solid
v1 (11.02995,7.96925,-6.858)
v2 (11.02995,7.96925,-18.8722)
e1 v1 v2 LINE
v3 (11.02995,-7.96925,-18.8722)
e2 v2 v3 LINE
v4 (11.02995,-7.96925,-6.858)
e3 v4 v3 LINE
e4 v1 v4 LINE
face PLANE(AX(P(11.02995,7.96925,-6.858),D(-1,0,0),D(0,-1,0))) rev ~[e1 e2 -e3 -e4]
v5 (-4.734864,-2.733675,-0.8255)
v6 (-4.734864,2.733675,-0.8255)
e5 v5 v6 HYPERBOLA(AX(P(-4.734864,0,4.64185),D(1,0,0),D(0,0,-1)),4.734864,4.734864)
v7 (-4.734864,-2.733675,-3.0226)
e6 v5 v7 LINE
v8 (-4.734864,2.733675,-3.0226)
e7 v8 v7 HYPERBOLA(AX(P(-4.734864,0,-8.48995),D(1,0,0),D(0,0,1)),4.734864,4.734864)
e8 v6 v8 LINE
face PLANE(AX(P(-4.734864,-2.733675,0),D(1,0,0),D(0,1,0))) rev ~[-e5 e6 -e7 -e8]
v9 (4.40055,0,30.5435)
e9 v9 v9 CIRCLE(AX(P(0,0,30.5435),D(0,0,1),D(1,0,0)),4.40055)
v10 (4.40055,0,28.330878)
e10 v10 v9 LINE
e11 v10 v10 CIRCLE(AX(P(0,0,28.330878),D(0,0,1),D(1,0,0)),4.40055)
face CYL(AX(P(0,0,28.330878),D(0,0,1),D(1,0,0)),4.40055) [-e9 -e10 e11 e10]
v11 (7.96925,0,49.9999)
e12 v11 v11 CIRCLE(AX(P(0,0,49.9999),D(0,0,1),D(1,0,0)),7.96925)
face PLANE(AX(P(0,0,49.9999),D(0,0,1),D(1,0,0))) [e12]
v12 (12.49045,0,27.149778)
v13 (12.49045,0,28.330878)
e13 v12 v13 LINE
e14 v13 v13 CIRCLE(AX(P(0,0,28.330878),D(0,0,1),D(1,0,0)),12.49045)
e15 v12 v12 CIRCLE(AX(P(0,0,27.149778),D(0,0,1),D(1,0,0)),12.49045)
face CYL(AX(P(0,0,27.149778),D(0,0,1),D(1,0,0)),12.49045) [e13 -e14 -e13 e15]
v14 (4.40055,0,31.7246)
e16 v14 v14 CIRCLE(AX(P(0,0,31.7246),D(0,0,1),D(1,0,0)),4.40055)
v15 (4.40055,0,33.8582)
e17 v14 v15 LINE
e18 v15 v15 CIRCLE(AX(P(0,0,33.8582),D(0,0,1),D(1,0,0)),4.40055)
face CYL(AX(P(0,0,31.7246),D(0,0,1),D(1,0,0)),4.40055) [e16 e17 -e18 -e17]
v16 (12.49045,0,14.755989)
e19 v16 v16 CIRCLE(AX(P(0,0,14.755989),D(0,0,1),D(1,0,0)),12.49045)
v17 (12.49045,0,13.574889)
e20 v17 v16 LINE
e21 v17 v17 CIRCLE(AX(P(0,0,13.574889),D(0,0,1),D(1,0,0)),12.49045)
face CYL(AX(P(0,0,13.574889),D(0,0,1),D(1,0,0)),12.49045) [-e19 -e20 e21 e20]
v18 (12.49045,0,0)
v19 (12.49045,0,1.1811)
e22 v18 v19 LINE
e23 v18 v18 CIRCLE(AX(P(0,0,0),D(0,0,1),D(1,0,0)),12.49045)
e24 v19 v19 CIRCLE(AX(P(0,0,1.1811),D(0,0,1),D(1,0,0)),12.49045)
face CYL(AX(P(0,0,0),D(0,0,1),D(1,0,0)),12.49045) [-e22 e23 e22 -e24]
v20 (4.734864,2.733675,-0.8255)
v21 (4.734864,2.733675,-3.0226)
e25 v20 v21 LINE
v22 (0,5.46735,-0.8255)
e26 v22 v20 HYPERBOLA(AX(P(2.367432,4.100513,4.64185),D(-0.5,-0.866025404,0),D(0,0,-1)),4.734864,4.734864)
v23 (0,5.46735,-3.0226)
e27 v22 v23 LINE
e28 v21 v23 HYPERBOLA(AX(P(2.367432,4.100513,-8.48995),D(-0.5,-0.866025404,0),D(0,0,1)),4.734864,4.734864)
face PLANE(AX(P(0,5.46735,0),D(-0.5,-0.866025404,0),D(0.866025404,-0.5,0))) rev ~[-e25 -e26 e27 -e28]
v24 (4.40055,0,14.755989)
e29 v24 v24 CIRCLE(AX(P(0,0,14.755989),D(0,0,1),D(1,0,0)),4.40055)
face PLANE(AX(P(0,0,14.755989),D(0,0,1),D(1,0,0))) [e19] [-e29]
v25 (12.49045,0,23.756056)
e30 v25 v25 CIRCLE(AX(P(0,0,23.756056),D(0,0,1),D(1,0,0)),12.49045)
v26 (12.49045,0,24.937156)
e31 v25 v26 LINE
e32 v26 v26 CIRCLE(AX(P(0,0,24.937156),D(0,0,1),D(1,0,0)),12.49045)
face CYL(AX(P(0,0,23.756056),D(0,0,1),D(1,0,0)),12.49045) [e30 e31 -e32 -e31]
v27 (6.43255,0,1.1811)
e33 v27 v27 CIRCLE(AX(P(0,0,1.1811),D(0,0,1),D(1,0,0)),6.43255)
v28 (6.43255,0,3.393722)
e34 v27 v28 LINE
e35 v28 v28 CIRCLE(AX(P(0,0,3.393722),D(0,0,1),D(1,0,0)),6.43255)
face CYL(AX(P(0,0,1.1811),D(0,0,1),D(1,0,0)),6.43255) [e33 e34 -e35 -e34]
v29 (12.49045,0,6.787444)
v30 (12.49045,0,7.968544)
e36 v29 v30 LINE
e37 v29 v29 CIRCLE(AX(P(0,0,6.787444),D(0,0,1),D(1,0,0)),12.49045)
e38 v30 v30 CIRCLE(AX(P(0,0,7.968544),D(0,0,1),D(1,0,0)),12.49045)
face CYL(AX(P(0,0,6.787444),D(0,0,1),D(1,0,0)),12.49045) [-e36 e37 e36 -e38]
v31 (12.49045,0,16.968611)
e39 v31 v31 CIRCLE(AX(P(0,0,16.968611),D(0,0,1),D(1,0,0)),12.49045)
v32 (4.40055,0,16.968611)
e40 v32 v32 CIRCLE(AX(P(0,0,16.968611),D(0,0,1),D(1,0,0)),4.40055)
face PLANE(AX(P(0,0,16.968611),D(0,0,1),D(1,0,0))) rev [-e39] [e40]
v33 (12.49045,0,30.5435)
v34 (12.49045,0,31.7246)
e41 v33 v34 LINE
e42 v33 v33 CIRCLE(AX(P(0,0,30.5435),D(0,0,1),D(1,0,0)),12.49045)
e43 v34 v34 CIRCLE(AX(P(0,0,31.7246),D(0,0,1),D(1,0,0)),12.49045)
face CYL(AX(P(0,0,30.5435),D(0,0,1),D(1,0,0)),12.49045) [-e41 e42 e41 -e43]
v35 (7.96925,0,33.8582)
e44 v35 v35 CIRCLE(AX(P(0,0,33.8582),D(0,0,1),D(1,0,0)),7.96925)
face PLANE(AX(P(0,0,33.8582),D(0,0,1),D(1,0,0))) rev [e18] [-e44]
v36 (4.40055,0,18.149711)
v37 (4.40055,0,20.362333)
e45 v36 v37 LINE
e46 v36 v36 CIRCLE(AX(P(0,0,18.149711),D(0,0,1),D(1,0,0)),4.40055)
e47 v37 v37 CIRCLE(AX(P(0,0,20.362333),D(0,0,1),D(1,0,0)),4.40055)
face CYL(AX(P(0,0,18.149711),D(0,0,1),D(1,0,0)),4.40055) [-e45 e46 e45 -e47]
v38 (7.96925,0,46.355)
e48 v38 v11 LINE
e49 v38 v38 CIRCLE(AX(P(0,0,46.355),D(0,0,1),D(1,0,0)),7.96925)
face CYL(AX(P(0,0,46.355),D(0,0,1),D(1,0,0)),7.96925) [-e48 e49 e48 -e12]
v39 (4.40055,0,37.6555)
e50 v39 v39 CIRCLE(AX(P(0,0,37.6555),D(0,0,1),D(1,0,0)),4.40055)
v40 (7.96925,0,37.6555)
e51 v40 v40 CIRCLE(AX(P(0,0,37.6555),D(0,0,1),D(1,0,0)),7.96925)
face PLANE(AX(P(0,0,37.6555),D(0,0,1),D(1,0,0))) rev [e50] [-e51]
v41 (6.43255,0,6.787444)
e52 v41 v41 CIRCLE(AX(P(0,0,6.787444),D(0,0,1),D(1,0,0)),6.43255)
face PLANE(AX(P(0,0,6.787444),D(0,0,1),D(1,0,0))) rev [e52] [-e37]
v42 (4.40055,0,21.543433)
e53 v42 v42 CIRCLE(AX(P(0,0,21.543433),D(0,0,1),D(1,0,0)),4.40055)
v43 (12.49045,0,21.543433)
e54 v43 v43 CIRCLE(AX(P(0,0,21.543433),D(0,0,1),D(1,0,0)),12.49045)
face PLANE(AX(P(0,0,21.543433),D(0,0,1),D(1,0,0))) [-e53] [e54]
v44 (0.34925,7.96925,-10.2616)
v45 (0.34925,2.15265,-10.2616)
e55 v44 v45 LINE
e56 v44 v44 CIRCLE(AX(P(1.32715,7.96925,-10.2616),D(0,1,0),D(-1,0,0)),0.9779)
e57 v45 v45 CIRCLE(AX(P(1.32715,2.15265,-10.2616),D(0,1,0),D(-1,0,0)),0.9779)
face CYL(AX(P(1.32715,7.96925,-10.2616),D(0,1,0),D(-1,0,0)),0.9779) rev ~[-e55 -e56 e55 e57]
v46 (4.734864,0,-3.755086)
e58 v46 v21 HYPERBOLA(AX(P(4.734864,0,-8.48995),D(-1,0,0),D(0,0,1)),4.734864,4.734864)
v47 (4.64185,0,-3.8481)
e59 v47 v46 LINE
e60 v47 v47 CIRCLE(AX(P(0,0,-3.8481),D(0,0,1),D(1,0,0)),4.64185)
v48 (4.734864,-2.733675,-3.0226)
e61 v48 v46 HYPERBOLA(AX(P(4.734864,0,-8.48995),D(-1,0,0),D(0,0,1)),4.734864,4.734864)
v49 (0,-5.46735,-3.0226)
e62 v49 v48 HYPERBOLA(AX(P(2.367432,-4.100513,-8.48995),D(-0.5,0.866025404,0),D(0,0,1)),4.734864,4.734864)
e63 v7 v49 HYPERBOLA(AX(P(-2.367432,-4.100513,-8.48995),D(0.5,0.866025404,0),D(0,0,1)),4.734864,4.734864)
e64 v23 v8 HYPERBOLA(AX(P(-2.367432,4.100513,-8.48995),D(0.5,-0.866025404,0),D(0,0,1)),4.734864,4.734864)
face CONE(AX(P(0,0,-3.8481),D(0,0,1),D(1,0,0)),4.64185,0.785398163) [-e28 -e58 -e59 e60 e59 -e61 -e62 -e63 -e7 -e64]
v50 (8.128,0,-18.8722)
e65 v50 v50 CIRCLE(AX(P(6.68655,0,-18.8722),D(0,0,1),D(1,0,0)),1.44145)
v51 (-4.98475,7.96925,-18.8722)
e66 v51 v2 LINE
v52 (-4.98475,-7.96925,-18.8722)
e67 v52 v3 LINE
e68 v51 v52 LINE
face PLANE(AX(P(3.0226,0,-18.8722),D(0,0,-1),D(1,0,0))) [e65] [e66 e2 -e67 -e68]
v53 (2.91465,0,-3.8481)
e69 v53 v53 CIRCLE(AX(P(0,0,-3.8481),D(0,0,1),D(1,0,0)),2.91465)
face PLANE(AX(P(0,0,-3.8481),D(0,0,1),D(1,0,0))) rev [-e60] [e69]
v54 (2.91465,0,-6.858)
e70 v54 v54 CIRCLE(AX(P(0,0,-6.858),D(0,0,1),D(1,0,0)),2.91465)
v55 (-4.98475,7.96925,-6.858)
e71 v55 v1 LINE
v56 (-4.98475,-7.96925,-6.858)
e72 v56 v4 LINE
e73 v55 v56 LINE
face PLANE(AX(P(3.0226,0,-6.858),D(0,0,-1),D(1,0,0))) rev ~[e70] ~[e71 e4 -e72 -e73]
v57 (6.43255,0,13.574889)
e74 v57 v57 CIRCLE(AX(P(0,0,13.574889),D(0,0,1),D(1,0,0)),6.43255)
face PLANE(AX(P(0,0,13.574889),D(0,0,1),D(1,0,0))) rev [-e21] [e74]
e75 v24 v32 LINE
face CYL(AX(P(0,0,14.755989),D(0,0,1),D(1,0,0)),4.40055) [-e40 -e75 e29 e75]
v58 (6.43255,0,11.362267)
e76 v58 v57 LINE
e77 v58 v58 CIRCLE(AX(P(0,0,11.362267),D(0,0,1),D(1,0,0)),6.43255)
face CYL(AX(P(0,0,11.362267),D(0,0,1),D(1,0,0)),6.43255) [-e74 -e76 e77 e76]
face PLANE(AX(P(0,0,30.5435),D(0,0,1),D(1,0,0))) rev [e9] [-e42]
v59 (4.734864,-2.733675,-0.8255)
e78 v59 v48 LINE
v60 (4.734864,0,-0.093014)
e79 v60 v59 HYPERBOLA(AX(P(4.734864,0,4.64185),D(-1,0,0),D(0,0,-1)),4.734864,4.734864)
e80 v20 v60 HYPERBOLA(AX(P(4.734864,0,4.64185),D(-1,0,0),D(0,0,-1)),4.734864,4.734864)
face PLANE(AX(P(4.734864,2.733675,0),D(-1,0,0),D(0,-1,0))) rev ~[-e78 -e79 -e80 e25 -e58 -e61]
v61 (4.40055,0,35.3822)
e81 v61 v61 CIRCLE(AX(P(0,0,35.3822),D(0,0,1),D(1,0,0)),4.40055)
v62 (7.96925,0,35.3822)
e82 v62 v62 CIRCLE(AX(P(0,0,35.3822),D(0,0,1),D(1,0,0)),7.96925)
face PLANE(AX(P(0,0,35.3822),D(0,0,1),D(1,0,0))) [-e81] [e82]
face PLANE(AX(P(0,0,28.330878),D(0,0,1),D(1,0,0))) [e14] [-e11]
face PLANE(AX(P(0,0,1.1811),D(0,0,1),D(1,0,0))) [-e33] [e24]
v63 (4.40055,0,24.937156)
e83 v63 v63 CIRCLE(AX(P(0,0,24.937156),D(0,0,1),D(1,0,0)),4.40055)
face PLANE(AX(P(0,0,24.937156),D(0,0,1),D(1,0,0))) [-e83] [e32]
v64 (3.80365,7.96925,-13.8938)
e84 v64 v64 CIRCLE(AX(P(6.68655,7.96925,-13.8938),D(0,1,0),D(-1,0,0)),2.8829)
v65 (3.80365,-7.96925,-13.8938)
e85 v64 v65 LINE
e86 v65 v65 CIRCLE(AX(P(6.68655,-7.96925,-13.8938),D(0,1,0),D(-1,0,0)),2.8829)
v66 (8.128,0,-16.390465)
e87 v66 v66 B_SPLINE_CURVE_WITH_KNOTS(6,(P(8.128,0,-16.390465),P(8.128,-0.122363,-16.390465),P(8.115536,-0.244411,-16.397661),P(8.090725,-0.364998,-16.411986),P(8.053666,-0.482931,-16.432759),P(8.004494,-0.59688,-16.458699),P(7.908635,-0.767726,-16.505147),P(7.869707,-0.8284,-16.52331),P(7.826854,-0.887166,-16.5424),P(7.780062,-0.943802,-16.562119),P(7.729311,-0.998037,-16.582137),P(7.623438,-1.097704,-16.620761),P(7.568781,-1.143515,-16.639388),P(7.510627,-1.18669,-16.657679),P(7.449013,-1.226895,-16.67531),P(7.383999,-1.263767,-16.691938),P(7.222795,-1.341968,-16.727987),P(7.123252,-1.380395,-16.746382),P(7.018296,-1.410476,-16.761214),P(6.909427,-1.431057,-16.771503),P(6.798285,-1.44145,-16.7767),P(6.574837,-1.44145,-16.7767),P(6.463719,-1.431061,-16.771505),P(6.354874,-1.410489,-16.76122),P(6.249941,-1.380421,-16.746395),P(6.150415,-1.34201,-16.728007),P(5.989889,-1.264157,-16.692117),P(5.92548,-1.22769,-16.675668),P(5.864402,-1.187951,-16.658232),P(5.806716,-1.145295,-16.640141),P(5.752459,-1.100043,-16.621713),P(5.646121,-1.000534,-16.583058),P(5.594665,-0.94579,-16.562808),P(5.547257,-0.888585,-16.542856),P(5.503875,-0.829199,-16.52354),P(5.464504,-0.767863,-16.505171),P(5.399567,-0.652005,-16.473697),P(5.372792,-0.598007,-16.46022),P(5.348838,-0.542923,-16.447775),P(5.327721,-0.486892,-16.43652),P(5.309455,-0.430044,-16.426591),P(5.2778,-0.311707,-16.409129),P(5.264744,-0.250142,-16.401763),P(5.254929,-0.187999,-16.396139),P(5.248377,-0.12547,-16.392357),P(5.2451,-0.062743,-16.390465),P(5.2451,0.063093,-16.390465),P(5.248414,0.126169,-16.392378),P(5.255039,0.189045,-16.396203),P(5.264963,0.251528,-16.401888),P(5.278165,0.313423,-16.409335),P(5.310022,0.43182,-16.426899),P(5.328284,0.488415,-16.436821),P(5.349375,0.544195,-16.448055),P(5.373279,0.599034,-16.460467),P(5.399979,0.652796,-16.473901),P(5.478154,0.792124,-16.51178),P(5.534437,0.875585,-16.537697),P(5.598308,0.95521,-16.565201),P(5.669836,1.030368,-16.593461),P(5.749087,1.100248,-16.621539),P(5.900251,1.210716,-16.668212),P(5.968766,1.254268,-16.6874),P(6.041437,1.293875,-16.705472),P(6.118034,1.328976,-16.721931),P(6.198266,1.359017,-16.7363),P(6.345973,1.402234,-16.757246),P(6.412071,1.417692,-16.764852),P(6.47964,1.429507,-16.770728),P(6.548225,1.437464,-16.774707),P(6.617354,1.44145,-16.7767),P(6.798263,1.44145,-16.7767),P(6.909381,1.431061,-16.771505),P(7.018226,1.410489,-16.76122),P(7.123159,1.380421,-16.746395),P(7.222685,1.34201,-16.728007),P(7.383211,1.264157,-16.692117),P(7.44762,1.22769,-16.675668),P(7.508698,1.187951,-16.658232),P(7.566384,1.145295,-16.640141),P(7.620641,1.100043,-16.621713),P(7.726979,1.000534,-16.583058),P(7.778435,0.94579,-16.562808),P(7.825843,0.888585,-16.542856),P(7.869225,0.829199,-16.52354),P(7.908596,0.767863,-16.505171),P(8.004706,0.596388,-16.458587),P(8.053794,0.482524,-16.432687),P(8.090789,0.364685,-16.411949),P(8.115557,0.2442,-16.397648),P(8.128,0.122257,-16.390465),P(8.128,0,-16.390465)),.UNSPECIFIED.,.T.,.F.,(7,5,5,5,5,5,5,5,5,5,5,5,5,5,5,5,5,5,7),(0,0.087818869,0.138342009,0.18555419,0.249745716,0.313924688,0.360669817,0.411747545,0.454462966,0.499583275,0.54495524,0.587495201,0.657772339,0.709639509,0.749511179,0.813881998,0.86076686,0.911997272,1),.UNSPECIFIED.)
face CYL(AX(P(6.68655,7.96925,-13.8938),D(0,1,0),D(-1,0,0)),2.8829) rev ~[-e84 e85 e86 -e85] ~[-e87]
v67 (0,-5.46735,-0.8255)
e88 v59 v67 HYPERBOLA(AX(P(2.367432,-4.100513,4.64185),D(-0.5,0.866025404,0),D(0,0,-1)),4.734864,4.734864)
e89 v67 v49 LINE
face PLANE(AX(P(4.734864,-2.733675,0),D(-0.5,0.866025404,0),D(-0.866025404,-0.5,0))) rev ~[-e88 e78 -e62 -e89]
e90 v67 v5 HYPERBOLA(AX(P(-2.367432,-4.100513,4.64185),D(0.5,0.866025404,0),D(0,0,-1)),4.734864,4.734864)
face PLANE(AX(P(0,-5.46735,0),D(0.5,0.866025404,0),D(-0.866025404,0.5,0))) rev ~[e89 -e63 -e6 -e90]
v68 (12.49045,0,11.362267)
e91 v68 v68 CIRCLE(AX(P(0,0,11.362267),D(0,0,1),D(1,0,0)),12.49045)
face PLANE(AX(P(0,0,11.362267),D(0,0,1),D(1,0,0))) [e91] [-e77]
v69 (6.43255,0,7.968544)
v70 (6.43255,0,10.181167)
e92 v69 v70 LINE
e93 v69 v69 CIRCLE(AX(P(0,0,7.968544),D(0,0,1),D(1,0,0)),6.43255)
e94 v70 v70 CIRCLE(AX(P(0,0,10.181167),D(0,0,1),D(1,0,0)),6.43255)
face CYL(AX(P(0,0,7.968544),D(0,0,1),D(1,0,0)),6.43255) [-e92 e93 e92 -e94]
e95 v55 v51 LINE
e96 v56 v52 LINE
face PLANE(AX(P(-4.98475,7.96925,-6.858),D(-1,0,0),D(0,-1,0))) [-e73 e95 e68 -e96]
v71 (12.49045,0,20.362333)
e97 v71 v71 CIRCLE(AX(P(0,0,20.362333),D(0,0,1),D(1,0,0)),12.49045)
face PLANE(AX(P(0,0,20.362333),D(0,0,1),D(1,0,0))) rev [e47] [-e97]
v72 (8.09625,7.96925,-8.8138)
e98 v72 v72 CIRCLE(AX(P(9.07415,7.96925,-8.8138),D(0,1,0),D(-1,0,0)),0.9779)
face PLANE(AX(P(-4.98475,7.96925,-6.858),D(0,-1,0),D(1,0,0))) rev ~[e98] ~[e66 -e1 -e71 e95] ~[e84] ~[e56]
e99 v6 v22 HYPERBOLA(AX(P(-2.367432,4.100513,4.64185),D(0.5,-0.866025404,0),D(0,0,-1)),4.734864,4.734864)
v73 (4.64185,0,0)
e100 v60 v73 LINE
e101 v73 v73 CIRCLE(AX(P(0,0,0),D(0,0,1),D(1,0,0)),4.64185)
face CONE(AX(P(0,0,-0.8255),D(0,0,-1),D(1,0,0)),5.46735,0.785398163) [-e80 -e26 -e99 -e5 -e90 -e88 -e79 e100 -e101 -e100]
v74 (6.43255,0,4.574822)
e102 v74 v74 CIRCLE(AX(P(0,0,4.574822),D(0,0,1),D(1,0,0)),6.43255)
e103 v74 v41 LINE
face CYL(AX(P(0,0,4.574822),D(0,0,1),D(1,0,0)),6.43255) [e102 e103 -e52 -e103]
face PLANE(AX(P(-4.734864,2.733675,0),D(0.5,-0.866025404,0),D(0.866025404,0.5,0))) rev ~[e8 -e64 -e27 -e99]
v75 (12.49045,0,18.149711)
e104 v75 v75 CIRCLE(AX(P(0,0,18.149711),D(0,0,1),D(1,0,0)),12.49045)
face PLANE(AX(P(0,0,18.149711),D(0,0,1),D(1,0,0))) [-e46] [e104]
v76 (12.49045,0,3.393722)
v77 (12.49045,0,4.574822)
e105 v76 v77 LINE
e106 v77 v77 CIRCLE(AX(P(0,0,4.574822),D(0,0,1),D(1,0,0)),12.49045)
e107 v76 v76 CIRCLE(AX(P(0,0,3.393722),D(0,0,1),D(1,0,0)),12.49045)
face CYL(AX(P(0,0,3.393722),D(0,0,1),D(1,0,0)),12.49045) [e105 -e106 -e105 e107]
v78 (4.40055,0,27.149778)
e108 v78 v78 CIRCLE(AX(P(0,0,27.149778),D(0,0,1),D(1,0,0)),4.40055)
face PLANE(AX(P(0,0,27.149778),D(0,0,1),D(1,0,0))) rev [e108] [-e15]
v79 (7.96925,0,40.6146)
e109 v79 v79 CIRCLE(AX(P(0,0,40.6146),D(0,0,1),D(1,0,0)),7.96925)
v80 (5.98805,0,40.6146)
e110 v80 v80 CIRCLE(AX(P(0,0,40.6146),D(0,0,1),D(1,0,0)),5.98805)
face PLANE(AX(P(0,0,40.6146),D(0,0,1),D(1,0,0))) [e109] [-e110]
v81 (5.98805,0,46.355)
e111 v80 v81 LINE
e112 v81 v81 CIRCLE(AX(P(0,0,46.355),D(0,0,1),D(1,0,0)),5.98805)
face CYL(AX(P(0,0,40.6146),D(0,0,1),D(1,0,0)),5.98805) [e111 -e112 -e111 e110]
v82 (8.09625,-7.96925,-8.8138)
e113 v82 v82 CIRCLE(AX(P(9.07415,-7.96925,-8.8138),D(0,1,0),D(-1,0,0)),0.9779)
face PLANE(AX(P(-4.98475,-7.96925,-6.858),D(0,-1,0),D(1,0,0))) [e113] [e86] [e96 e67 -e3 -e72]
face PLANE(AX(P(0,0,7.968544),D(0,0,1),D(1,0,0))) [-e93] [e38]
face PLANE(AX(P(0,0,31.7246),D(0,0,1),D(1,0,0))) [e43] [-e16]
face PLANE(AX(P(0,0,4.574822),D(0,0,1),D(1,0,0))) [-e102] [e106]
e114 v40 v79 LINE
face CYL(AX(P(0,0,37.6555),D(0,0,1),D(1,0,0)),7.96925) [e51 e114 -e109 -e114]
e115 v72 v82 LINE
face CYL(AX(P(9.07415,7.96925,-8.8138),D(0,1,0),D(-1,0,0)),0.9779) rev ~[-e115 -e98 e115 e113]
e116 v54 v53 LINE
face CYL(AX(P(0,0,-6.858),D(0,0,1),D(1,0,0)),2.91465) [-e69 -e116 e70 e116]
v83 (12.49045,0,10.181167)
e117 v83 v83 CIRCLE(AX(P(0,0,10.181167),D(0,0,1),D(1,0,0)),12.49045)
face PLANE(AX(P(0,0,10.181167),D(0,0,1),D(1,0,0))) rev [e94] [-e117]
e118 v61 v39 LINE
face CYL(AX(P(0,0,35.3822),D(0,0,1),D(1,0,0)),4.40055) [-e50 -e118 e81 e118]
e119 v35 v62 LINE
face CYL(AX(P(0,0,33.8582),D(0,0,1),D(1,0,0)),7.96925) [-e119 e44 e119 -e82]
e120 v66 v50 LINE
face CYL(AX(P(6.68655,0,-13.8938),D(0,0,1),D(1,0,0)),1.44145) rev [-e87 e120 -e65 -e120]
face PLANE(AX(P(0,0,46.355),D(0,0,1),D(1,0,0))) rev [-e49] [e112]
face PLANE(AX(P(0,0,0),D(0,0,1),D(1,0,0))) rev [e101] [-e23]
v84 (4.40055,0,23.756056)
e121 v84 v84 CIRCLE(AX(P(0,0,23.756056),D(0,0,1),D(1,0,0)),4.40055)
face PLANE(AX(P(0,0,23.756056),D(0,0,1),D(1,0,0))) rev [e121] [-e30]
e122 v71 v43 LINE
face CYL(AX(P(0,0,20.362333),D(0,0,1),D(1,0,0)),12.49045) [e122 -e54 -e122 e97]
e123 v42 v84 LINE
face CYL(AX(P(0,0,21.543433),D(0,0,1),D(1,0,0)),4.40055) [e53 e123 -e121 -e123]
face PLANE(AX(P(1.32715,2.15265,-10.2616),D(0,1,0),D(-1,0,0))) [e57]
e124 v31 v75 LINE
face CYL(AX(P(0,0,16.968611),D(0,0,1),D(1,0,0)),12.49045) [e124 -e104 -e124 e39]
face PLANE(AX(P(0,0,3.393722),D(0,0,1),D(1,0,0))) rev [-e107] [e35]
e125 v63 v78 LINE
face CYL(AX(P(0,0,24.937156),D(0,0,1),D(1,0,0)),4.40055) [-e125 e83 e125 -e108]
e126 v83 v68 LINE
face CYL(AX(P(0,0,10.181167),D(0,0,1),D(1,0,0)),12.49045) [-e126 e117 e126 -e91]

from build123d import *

# Parameters (mm, degrees)
F2_R      = 12.49045
F3_DEPTH  = 25.4
F5_W      = 16.0147
F5_H      = 15.9385
F6_DEPTH  = 12.0142
F7_R      = 2.8829
F7_R_2    = 0.9779
F8_DEPTH  = 25.4
F9_DEPTH  = 5.8166
F11_R     = 1.44145
F12_DEPTH = 25.4


with BuildPart() as f1:
    # F0 (on Front) → F1 (revolve)
    with BuildSketch(Plane.XZ):
        Polygon((0, 49.9999), (0, 0), (4.64185, 0), (12.49045, 0), (12.49045, 1.1811), (6.43255, 1.1811), (6.43255, 3.3937222222), (12.49045, 3.3937222222), (12.49045, 4.5748222222), (6.43255, 4.5748222222), (6.43255, 6.7874444444), (12.49045, 6.7874444444), (12.49045, 7.9685444444), (6.43255, 7.9685444444), (6.43255, 10.1811666667), (12.49045, 10.1811666667), (12.49045, 11.3622666667), (6.43255, 11.3622666667), (6.43255, 13.5748888889), (12.49045, 13.5748888889), (12.49045, 14.7559888889), (4.40055, 14.7559888889), (4.40055, 16.9686111111), (12.49045, 16.9686111111), (12.49045, 18.1497111111), (4.40055, 18.1497111111), (4.40055, 20.3623333333), (12.49045, 20.3623333333), (12.49045, 21.5434333333), (4.40055, 21.5434333333), (4.40055, 23.7560555556), (12.49045, 23.7560555556), (12.49045, 24.9371555556), (4.40055, 24.9371555556), (4.40055, 27.1497777778), (12.49045, 27.1497777778), (12.49045, 28.3308777778), (4.40055, 28.3308777778), (4.40055, 30.5435), (12.49045, 30.5435), (12.49045, 31.7246), (4.40055, 31.7246), (4.40055, 33.8582), (7.96925, 33.8582), (7.96925, 35.3822), (4.40055, 35.3822), (4.40055, 37.6555), (7.96925, 37.6555), (7.96925, 40.6146), (5.98805, 40.6146), (5.98805, 46.355), (7.96925, 46.355), (7.96925, 49.9999), align=None)
        Polygon((4.64185, 0), (0, 0), (0, -6.858), (2.91465, -6.858), (2.91465, -3.8481), (4.64185, -3.8481), (5.46735, -3.0226), (5.46735, -0.8255), align=None)
    revolve(axis=Axis((0, 0, 24.99995), (0, 0, 1)))

    # F2 (on Top) → F3 (cut)
    with BuildSketch(Plane.XY):
        Circle(F2_R)
        Polygon((4.7348639914, -2.733675), (0, -5.46735), (-4.7348639914, -2.733675), (-4.7348639914, 2.733675), (0, 5.46735), (4.7348639914, 2.733675), align=None, mode=Mode.SUBTRACT)
    extrude(amount=-F3_DEPTH, mode=Mode.SUBTRACT)

    # F5 (on offset) → F6 (join)
    with BuildSketch(Plane(origin=(0, 0, -6.858), x_dir=(1, 0, 0), z_dir=(0, 0, -1))):
        with Locations((3.0226, 0)):
            Rectangle(F5_W, F5_H)
    extrude(amount=F6_DEPTH)

    # F7 (on face) → F8 (cut)
    with BuildSketch(Plane(origin=(0, 7.96925, 0), x_dir=(-1, 0, 0), z_dir=(0, 1, 0))):
        with Locations((-6.68655, -13.8938)):
            Circle(F7_R)
        with Locations((-9.07415, -8.8138)):
            Circle(F7_R_2)
    extrude(amount=-F8_DEPTH, mode=Mode.SUBTRACT)

    # F7 (on face) → F9 (cut)
    with BuildSketch(Plane(origin=(0, 7.96925, 0), x_dir=(-1, 0, 0), z_dir=(0, 1, 0))):
        with Locations((-1.32715, -10.2616)):
            Circle(F7_R_2)
    extrude(amount=-F9_DEPTH, mode=Mode.SUBTRACT)

    # F11 (on plane+point) → F12 (cut)
    with BuildSketch(Plane(origin=(0, 0, -13.8938), x_dir=(1, 0, 0), z_dir=(0, 0, -1))):
        with Locations((6.68655, 0)):
            Circle(F11_R)
    extrude(amount=F12_DEPTH, mode=Mode.SUBTRACT)


solid = f1.part
